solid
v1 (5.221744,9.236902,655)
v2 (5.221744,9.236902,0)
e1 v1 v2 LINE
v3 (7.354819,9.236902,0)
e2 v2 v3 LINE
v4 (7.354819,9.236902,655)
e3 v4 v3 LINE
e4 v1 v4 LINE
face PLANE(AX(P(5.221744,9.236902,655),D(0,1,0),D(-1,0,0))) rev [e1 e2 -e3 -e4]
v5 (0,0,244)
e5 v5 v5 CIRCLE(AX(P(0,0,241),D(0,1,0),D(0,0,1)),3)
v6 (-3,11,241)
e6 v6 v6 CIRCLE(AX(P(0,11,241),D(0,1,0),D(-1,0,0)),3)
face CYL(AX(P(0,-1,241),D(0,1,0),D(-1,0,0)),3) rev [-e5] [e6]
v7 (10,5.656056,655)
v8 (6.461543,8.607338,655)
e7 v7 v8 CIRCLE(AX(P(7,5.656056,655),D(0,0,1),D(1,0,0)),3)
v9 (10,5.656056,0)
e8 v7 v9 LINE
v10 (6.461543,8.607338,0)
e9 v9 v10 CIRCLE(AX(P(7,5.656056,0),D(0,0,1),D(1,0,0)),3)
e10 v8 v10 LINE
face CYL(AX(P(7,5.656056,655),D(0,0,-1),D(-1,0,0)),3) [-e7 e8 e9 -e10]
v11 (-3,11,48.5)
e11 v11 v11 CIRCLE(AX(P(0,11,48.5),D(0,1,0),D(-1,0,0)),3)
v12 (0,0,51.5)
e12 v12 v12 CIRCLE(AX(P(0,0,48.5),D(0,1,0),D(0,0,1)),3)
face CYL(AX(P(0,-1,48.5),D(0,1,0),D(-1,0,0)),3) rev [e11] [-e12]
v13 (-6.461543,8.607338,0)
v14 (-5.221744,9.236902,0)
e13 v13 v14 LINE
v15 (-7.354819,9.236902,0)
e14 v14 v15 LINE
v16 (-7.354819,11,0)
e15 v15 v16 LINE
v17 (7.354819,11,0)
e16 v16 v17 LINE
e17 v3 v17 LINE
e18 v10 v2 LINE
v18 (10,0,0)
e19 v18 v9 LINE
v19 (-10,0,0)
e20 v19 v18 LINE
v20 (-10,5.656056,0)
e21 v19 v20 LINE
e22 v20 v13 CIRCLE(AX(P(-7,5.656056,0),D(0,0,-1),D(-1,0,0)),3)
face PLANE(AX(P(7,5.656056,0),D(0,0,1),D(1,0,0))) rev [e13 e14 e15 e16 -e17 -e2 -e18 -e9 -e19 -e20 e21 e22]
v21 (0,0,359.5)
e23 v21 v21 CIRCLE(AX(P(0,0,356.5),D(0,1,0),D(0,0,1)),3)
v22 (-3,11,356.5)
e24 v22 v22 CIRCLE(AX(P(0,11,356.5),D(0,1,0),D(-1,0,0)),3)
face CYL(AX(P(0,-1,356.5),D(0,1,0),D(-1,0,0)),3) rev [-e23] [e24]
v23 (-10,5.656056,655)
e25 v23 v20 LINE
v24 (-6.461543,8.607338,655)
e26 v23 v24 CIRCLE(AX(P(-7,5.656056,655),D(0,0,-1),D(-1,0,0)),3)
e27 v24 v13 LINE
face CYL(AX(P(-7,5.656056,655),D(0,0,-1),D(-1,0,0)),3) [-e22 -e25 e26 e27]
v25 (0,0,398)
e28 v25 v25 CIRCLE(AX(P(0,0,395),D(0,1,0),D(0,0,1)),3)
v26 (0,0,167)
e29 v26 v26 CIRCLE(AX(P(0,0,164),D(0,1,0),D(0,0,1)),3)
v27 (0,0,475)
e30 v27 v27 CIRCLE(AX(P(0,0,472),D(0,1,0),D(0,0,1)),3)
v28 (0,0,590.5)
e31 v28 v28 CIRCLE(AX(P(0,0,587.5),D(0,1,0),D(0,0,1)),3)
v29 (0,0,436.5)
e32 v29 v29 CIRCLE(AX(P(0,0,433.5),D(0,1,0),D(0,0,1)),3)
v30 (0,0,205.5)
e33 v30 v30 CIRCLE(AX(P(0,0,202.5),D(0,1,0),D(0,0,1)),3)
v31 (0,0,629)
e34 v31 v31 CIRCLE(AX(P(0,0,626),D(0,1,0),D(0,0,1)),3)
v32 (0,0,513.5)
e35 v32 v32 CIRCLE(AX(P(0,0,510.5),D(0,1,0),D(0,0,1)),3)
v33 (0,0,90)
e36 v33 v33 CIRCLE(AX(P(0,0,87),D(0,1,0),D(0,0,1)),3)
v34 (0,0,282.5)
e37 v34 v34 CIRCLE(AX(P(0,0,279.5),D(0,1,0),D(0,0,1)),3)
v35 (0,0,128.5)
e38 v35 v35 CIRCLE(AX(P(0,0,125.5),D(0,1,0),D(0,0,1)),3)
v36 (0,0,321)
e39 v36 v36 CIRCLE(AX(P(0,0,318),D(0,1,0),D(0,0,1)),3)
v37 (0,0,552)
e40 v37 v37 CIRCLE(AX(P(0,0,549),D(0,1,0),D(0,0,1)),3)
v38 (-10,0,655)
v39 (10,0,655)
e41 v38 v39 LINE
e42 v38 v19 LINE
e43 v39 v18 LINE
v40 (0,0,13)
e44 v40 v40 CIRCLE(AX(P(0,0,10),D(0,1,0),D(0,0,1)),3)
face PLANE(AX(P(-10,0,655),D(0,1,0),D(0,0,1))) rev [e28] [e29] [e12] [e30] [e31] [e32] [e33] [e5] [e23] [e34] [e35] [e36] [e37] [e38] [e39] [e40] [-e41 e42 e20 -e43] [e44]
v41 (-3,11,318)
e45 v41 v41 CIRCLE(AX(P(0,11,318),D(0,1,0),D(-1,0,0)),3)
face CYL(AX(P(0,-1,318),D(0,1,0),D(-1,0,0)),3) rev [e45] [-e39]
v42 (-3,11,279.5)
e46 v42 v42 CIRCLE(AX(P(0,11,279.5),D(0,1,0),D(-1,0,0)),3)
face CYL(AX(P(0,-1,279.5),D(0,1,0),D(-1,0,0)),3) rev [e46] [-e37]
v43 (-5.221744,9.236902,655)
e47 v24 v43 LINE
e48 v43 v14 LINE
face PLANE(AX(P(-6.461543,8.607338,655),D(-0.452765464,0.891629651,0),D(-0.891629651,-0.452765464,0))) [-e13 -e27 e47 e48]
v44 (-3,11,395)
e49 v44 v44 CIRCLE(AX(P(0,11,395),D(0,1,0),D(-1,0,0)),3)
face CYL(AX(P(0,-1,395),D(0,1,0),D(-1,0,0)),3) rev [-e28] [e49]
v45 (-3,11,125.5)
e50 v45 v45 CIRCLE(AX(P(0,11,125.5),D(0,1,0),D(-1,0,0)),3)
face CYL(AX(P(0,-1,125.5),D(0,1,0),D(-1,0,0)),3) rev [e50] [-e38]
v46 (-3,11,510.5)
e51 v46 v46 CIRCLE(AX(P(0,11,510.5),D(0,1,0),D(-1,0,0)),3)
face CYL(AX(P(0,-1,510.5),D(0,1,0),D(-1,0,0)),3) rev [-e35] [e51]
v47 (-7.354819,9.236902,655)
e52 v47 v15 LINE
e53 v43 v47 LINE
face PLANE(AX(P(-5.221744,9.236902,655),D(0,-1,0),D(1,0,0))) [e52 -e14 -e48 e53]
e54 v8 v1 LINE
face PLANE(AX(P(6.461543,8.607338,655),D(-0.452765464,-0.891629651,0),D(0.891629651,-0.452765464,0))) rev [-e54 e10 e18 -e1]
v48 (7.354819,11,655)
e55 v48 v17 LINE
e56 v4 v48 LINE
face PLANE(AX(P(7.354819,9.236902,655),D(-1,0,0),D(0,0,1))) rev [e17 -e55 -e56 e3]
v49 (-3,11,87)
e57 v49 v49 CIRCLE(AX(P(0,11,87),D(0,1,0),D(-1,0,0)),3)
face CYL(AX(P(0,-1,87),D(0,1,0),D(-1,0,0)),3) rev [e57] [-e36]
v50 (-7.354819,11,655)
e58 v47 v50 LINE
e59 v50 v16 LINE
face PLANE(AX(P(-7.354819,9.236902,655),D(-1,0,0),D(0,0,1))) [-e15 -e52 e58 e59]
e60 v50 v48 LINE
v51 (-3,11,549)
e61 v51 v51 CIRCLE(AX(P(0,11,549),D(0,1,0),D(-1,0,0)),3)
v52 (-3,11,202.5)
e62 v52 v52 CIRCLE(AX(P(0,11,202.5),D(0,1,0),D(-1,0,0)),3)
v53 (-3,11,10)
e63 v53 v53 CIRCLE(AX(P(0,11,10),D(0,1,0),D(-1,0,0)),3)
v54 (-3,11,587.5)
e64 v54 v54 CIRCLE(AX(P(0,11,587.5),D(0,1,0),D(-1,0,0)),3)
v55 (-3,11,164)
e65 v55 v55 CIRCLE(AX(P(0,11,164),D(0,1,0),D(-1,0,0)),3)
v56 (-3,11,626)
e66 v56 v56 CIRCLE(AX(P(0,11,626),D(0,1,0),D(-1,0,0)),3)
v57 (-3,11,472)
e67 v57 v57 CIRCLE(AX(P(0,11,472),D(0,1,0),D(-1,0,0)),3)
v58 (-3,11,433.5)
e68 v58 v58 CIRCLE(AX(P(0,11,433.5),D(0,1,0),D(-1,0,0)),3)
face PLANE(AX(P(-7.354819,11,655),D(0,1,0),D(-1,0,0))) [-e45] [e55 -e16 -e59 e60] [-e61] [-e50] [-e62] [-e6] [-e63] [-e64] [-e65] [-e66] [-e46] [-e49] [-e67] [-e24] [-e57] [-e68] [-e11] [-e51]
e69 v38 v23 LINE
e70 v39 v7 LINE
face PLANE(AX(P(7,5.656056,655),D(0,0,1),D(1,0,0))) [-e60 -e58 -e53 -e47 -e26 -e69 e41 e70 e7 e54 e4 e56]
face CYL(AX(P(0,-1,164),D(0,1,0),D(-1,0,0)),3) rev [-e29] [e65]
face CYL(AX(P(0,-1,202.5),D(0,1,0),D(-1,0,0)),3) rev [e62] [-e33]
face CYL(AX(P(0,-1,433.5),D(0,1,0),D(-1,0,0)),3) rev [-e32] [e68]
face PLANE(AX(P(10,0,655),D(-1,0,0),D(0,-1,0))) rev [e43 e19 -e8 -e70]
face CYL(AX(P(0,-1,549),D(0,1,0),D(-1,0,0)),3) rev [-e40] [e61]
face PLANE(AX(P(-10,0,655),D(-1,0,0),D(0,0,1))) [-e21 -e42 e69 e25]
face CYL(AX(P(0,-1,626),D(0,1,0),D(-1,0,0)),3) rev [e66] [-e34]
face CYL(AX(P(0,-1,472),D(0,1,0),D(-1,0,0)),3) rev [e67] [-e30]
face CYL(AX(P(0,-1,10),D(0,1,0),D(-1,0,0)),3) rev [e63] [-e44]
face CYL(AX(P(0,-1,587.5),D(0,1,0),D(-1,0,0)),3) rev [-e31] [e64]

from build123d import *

# Parameters (mm, degrees)
SALIENTE_EXTRUIR1_DEPTH = 655
CROQUIS2_R              = 3
CORTAR_EXTRUIR1_DEPTH   = 12


with BuildPart() as part:
    # Croquis1 → Saliente-Extruir1 (new body)
    with BuildSketch(Plane.XY):
        with BuildLine():
            Line((-10, 0), (-10, 5.656056356))
            ThreePointArc((-10, 5.656056356), (-8.921539569, 7.959897862), (-6.461542876, 8.607338099))
            Line((-6.461542876, 8.607338099), (-5.221744043, 9.236902282))
            Line((-5.221744043, 9.236902282), (-7.354818693, 9.236902282))
            Line((-7.354818693, 9.236902282), (-7.354818693, 11))
            Line((-7.354818693, 11), (7.354818693, 11))
            Line((7.354818693, 11), (7.354818693, 9.236902282))
            Line((7.354818693, 9.236902282), (5.221744043, 9.236902282))
            Line((5.221744043, 9.236902282), (6.461542876, 8.607338099))
            ThreePointArc((6.461542876, 8.607338099), (8.921539569, 7.959897862), (10, 5.656056356))
            Line((10, 5.656056356), (10, 0))
            Line((10, 0), (0, 0))
            Line((0, 0), (-10, 0))
        make_face()
    extrude(amount=SALIENTE_EXTRUIR1_DEPTH)

    # Croquis2 → Cortar-Extruir1 (cut)
    with BuildSketch(Plane(origin=(0, 11, 0), x_dir=(1, 0, 0), z_dir=(0, 1, 0))):
        with Locations((0, -10)):
            Circle(CROQUIS2_R)
        with Locations((0, -48.5)):
            Circle(CROQUIS2_R)
        with Locations((0, -87)):
            Circle(CROQUIS2_R)
        with Locations((0, -125.5)):
            Circle(CROQUIS2_R)
        with Locations((0, -164)):
            Circle(CROQUIS2_R)
        with Locations((0, -202.5)):
            Circle(CROQUIS2_R)
        with Locations((0, -241)):
            Circle(CROQUIS2_R)
        with Locations((0, -279.5)):
            Circle(CROQUIS2_R)
        with Locations((0, -318)):
            Circle(CROQUIS2_R)
        with Locations((0, -356.5)):
            Circle(CROQUIS2_R)
        with Locations((0, -395)):
            Circle(CROQUIS2_R)
        with Locations((0, -433.5)):
            Circle(CROQUIS2_R)
        with Locations((0, -472)):
            Circle(CROQUIS2_R)
        with Locations((0, -510.5)):
            Circle(CROQUIS2_R)
        with Locations((0, -549)):
            Circle(CROQUIS2_R)
        with Locations((0, -587.5)):
            Circle(CROQUIS2_R)
        with Locations((0, -626)):
            Circle(CROQUIS2_R)
    extrude(amount=-CORTAR_EXTRUIR1_DEPTH, mode=Mode.SUBTRACT)


solid = part.part
